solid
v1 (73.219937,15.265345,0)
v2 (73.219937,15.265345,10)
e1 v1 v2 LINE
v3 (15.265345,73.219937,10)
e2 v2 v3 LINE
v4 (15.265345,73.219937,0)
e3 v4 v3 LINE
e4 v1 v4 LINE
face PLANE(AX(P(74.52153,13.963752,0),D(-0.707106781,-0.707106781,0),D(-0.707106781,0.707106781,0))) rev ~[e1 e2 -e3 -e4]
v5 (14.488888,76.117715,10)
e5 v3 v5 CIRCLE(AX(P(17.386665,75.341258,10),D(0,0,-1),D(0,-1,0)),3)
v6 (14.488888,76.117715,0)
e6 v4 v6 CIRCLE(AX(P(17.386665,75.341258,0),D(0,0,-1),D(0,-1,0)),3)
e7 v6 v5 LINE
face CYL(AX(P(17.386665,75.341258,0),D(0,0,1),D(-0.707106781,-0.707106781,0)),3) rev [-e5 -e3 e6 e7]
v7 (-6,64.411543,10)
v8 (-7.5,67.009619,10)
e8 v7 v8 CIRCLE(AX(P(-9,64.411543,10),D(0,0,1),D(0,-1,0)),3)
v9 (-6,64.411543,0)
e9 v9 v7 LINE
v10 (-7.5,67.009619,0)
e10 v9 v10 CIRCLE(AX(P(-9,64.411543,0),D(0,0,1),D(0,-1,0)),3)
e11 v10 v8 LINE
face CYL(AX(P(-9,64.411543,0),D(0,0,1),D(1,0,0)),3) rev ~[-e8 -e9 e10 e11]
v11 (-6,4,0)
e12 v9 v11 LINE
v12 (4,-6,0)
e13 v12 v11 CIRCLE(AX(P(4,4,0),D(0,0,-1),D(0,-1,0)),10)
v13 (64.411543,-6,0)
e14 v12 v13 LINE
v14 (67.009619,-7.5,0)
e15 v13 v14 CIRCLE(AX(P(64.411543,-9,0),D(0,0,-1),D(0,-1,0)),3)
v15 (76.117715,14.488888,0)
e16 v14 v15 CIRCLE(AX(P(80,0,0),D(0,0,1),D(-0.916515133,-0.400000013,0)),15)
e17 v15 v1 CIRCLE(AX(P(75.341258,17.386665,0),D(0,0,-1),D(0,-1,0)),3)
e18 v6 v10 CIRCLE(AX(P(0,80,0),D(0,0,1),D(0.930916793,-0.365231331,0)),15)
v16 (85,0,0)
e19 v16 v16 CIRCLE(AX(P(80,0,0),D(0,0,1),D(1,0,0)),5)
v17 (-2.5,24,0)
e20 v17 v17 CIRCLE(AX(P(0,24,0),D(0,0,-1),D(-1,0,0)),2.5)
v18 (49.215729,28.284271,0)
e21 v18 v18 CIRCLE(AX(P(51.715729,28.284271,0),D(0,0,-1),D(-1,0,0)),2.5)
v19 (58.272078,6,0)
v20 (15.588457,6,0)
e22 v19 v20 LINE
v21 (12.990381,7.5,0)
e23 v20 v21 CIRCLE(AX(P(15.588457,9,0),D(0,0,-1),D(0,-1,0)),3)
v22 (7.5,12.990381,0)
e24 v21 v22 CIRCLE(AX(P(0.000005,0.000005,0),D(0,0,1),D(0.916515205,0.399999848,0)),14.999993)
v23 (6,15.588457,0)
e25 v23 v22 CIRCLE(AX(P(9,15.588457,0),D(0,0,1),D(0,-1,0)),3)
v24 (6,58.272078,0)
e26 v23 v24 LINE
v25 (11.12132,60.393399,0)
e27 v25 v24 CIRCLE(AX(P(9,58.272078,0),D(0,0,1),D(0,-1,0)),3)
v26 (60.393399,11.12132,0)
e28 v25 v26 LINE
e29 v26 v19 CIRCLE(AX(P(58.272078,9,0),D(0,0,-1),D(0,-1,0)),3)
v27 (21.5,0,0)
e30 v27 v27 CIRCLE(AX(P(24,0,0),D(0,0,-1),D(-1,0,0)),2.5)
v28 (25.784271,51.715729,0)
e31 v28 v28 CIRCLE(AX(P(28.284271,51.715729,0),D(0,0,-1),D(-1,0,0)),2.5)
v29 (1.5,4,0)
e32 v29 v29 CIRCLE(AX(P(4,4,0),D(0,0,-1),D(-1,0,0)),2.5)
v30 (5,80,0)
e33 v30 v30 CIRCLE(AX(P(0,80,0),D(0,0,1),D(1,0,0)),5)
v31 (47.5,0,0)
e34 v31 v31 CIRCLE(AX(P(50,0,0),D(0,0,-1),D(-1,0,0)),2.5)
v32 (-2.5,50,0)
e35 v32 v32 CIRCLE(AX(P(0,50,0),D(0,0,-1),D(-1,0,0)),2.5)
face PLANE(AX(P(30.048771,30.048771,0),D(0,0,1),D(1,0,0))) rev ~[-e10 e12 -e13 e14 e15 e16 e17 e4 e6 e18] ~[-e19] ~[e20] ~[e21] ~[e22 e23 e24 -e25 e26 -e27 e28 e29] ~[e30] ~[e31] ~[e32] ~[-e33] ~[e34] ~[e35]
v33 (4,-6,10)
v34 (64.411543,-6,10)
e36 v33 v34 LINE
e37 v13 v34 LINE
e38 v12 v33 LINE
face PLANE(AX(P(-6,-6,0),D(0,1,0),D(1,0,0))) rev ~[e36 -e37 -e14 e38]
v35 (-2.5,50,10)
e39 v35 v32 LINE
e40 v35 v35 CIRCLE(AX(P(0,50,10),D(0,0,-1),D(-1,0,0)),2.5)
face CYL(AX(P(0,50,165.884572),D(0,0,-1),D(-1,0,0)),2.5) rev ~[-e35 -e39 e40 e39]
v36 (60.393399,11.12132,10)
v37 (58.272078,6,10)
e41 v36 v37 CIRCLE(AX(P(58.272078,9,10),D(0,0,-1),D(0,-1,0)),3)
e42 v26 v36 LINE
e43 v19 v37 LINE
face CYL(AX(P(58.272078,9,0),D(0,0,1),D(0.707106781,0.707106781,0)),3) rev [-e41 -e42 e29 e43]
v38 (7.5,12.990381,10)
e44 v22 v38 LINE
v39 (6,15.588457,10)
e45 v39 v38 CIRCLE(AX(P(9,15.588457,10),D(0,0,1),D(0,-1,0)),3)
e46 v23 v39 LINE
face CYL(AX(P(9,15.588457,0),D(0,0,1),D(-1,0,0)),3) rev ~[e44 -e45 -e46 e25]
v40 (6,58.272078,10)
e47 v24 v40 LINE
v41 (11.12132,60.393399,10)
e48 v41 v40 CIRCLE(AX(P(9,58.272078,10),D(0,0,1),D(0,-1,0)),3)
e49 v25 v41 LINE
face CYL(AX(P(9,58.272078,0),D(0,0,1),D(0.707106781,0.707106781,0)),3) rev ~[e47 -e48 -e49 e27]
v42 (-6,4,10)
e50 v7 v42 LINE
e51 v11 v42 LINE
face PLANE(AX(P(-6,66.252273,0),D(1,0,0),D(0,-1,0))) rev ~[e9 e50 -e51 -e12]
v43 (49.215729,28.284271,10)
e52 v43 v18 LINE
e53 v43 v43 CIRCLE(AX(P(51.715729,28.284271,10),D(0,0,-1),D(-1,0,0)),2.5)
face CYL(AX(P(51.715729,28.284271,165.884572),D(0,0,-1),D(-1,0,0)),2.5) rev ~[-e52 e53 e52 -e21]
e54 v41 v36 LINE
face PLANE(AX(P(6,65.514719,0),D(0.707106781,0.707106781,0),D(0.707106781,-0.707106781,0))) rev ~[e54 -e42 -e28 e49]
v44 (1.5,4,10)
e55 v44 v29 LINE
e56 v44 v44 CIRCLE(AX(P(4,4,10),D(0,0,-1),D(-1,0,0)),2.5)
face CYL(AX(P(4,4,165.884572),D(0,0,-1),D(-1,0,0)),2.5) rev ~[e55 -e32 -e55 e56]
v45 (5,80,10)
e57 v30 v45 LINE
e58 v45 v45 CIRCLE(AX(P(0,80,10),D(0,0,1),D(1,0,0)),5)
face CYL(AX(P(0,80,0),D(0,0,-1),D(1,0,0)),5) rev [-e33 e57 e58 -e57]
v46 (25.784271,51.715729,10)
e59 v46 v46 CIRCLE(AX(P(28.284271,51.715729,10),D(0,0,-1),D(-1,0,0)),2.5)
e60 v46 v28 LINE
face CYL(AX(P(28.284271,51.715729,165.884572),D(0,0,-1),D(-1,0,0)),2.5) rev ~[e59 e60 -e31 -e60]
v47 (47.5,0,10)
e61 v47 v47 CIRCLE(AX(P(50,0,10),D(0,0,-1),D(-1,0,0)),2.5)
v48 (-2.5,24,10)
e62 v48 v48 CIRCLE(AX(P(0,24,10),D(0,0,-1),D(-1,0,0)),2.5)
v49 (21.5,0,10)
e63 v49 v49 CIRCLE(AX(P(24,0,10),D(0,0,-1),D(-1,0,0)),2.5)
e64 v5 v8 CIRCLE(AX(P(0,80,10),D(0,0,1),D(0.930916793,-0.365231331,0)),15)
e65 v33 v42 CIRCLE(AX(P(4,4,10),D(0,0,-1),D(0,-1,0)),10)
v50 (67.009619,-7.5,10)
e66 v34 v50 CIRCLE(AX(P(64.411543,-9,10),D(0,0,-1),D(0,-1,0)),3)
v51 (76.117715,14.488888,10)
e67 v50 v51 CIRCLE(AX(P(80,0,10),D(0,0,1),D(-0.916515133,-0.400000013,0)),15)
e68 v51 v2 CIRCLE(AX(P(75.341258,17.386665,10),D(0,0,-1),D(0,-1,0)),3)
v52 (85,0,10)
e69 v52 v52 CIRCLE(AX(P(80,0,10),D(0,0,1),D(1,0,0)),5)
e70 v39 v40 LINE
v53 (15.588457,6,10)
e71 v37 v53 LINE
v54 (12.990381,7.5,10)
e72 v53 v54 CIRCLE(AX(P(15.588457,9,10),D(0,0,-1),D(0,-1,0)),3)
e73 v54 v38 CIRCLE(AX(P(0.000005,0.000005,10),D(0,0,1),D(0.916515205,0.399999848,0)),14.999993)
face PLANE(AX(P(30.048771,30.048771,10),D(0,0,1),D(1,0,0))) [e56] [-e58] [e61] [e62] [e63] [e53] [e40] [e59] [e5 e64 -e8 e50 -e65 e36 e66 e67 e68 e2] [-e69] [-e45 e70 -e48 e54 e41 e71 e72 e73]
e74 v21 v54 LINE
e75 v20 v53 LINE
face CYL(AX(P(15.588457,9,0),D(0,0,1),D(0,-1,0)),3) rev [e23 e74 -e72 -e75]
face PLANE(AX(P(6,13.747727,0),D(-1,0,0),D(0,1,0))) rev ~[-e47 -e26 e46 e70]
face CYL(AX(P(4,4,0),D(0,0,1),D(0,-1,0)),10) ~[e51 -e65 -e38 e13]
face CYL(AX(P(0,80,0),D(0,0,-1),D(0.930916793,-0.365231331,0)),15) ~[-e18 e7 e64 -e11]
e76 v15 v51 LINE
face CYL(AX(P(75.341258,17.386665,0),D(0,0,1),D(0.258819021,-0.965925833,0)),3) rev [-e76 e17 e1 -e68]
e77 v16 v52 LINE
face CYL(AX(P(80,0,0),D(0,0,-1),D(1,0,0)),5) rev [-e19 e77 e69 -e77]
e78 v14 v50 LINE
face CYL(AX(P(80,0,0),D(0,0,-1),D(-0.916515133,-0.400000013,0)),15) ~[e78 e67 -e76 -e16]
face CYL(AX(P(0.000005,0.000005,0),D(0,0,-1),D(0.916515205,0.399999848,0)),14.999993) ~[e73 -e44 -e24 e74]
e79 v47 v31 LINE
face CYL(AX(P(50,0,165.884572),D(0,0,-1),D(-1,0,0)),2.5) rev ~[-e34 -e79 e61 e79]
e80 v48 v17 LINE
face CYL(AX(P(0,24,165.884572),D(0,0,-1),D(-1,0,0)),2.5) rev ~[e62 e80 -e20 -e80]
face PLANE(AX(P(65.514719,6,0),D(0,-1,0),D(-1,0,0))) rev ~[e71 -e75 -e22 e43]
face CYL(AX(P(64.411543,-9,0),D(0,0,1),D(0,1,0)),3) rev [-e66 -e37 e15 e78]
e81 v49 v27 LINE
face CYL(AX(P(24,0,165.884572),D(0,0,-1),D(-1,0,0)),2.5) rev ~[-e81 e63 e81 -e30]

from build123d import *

# Parameters (mm, degrees)
F0_R     = 5
F1_DEPTH = 10
F2_R     = 10
F3_R     = 3
F5_D     = 5


with BuildPart() as f1:
    # F0 (on Top) → F1 (new body)
    with BuildSketch(Plane.XY):
        with BuildLine():
            Line((-6, -6), (66.252273, -6))
            ThreePointArc((66.252273, -6), (93.858193, -5.740251), (74.52153, 13.963752))
            Line((74.52153, 13.963752), (13.963752, 74.52153))
            ThreePointArc((13.963752, 74.52153), (-5.740251, 93.858193), (-6, 66.252273))
            Line((-6, 66.252273), (-6, -6))
        make_face()
        with BuildLine():
            Line((65.514719, 6), (13.747727, 6))
            ThreePointArc((13.747727, 6), (10.606602, 10.606602), (6, 13.747727))
            Line((6, 13.747727), (6, 65.514719))
            Line((6, 65.514719), (65.514719, 6))
        make_face(mode=Mode.SUBTRACT)
        with Locations((80, 0)):
            Circle(F0_R, mode=Mode.SUBTRACT)
        with Locations((0, 80)):
            Circle(F0_R, mode=Mode.SUBTRACT)
    extrude(amount=F1_DEPTH)

    # F2
    f2_edges = [f1.edges().sort_by_distance(p)[0] for p in [
        (-6, -6, 5),
    ]]
    fillet(f2_edges, radius=F2_R)

    # F3
    f3_edges = [f1.edges().sort_by_distance(p)[0] for p in [
        (13.963752, 74.52153, 5),
        (74.52153, 13.963752, 5),
        (66.252273, -6, 5),
        (-6, 66.252273, 5),
        (65.514719, 6, 5),
        (6, 65.514719, 5),
        (6, 13.747727, 5),
        (13.747727, 6, 5),
    ]]
    fillet(f3_edges, radius=F3_R)

    # F5 (through all)
    with Locations(Plane.XY.offset(10)):
        with Locations((0, 50), (0, 24), (28.284271, 51.715729), (51.715729, 28.284271), (50, 0), (24, 0), (4, 4)):
            Hole(F5_D / 2)


solid = f1.part
